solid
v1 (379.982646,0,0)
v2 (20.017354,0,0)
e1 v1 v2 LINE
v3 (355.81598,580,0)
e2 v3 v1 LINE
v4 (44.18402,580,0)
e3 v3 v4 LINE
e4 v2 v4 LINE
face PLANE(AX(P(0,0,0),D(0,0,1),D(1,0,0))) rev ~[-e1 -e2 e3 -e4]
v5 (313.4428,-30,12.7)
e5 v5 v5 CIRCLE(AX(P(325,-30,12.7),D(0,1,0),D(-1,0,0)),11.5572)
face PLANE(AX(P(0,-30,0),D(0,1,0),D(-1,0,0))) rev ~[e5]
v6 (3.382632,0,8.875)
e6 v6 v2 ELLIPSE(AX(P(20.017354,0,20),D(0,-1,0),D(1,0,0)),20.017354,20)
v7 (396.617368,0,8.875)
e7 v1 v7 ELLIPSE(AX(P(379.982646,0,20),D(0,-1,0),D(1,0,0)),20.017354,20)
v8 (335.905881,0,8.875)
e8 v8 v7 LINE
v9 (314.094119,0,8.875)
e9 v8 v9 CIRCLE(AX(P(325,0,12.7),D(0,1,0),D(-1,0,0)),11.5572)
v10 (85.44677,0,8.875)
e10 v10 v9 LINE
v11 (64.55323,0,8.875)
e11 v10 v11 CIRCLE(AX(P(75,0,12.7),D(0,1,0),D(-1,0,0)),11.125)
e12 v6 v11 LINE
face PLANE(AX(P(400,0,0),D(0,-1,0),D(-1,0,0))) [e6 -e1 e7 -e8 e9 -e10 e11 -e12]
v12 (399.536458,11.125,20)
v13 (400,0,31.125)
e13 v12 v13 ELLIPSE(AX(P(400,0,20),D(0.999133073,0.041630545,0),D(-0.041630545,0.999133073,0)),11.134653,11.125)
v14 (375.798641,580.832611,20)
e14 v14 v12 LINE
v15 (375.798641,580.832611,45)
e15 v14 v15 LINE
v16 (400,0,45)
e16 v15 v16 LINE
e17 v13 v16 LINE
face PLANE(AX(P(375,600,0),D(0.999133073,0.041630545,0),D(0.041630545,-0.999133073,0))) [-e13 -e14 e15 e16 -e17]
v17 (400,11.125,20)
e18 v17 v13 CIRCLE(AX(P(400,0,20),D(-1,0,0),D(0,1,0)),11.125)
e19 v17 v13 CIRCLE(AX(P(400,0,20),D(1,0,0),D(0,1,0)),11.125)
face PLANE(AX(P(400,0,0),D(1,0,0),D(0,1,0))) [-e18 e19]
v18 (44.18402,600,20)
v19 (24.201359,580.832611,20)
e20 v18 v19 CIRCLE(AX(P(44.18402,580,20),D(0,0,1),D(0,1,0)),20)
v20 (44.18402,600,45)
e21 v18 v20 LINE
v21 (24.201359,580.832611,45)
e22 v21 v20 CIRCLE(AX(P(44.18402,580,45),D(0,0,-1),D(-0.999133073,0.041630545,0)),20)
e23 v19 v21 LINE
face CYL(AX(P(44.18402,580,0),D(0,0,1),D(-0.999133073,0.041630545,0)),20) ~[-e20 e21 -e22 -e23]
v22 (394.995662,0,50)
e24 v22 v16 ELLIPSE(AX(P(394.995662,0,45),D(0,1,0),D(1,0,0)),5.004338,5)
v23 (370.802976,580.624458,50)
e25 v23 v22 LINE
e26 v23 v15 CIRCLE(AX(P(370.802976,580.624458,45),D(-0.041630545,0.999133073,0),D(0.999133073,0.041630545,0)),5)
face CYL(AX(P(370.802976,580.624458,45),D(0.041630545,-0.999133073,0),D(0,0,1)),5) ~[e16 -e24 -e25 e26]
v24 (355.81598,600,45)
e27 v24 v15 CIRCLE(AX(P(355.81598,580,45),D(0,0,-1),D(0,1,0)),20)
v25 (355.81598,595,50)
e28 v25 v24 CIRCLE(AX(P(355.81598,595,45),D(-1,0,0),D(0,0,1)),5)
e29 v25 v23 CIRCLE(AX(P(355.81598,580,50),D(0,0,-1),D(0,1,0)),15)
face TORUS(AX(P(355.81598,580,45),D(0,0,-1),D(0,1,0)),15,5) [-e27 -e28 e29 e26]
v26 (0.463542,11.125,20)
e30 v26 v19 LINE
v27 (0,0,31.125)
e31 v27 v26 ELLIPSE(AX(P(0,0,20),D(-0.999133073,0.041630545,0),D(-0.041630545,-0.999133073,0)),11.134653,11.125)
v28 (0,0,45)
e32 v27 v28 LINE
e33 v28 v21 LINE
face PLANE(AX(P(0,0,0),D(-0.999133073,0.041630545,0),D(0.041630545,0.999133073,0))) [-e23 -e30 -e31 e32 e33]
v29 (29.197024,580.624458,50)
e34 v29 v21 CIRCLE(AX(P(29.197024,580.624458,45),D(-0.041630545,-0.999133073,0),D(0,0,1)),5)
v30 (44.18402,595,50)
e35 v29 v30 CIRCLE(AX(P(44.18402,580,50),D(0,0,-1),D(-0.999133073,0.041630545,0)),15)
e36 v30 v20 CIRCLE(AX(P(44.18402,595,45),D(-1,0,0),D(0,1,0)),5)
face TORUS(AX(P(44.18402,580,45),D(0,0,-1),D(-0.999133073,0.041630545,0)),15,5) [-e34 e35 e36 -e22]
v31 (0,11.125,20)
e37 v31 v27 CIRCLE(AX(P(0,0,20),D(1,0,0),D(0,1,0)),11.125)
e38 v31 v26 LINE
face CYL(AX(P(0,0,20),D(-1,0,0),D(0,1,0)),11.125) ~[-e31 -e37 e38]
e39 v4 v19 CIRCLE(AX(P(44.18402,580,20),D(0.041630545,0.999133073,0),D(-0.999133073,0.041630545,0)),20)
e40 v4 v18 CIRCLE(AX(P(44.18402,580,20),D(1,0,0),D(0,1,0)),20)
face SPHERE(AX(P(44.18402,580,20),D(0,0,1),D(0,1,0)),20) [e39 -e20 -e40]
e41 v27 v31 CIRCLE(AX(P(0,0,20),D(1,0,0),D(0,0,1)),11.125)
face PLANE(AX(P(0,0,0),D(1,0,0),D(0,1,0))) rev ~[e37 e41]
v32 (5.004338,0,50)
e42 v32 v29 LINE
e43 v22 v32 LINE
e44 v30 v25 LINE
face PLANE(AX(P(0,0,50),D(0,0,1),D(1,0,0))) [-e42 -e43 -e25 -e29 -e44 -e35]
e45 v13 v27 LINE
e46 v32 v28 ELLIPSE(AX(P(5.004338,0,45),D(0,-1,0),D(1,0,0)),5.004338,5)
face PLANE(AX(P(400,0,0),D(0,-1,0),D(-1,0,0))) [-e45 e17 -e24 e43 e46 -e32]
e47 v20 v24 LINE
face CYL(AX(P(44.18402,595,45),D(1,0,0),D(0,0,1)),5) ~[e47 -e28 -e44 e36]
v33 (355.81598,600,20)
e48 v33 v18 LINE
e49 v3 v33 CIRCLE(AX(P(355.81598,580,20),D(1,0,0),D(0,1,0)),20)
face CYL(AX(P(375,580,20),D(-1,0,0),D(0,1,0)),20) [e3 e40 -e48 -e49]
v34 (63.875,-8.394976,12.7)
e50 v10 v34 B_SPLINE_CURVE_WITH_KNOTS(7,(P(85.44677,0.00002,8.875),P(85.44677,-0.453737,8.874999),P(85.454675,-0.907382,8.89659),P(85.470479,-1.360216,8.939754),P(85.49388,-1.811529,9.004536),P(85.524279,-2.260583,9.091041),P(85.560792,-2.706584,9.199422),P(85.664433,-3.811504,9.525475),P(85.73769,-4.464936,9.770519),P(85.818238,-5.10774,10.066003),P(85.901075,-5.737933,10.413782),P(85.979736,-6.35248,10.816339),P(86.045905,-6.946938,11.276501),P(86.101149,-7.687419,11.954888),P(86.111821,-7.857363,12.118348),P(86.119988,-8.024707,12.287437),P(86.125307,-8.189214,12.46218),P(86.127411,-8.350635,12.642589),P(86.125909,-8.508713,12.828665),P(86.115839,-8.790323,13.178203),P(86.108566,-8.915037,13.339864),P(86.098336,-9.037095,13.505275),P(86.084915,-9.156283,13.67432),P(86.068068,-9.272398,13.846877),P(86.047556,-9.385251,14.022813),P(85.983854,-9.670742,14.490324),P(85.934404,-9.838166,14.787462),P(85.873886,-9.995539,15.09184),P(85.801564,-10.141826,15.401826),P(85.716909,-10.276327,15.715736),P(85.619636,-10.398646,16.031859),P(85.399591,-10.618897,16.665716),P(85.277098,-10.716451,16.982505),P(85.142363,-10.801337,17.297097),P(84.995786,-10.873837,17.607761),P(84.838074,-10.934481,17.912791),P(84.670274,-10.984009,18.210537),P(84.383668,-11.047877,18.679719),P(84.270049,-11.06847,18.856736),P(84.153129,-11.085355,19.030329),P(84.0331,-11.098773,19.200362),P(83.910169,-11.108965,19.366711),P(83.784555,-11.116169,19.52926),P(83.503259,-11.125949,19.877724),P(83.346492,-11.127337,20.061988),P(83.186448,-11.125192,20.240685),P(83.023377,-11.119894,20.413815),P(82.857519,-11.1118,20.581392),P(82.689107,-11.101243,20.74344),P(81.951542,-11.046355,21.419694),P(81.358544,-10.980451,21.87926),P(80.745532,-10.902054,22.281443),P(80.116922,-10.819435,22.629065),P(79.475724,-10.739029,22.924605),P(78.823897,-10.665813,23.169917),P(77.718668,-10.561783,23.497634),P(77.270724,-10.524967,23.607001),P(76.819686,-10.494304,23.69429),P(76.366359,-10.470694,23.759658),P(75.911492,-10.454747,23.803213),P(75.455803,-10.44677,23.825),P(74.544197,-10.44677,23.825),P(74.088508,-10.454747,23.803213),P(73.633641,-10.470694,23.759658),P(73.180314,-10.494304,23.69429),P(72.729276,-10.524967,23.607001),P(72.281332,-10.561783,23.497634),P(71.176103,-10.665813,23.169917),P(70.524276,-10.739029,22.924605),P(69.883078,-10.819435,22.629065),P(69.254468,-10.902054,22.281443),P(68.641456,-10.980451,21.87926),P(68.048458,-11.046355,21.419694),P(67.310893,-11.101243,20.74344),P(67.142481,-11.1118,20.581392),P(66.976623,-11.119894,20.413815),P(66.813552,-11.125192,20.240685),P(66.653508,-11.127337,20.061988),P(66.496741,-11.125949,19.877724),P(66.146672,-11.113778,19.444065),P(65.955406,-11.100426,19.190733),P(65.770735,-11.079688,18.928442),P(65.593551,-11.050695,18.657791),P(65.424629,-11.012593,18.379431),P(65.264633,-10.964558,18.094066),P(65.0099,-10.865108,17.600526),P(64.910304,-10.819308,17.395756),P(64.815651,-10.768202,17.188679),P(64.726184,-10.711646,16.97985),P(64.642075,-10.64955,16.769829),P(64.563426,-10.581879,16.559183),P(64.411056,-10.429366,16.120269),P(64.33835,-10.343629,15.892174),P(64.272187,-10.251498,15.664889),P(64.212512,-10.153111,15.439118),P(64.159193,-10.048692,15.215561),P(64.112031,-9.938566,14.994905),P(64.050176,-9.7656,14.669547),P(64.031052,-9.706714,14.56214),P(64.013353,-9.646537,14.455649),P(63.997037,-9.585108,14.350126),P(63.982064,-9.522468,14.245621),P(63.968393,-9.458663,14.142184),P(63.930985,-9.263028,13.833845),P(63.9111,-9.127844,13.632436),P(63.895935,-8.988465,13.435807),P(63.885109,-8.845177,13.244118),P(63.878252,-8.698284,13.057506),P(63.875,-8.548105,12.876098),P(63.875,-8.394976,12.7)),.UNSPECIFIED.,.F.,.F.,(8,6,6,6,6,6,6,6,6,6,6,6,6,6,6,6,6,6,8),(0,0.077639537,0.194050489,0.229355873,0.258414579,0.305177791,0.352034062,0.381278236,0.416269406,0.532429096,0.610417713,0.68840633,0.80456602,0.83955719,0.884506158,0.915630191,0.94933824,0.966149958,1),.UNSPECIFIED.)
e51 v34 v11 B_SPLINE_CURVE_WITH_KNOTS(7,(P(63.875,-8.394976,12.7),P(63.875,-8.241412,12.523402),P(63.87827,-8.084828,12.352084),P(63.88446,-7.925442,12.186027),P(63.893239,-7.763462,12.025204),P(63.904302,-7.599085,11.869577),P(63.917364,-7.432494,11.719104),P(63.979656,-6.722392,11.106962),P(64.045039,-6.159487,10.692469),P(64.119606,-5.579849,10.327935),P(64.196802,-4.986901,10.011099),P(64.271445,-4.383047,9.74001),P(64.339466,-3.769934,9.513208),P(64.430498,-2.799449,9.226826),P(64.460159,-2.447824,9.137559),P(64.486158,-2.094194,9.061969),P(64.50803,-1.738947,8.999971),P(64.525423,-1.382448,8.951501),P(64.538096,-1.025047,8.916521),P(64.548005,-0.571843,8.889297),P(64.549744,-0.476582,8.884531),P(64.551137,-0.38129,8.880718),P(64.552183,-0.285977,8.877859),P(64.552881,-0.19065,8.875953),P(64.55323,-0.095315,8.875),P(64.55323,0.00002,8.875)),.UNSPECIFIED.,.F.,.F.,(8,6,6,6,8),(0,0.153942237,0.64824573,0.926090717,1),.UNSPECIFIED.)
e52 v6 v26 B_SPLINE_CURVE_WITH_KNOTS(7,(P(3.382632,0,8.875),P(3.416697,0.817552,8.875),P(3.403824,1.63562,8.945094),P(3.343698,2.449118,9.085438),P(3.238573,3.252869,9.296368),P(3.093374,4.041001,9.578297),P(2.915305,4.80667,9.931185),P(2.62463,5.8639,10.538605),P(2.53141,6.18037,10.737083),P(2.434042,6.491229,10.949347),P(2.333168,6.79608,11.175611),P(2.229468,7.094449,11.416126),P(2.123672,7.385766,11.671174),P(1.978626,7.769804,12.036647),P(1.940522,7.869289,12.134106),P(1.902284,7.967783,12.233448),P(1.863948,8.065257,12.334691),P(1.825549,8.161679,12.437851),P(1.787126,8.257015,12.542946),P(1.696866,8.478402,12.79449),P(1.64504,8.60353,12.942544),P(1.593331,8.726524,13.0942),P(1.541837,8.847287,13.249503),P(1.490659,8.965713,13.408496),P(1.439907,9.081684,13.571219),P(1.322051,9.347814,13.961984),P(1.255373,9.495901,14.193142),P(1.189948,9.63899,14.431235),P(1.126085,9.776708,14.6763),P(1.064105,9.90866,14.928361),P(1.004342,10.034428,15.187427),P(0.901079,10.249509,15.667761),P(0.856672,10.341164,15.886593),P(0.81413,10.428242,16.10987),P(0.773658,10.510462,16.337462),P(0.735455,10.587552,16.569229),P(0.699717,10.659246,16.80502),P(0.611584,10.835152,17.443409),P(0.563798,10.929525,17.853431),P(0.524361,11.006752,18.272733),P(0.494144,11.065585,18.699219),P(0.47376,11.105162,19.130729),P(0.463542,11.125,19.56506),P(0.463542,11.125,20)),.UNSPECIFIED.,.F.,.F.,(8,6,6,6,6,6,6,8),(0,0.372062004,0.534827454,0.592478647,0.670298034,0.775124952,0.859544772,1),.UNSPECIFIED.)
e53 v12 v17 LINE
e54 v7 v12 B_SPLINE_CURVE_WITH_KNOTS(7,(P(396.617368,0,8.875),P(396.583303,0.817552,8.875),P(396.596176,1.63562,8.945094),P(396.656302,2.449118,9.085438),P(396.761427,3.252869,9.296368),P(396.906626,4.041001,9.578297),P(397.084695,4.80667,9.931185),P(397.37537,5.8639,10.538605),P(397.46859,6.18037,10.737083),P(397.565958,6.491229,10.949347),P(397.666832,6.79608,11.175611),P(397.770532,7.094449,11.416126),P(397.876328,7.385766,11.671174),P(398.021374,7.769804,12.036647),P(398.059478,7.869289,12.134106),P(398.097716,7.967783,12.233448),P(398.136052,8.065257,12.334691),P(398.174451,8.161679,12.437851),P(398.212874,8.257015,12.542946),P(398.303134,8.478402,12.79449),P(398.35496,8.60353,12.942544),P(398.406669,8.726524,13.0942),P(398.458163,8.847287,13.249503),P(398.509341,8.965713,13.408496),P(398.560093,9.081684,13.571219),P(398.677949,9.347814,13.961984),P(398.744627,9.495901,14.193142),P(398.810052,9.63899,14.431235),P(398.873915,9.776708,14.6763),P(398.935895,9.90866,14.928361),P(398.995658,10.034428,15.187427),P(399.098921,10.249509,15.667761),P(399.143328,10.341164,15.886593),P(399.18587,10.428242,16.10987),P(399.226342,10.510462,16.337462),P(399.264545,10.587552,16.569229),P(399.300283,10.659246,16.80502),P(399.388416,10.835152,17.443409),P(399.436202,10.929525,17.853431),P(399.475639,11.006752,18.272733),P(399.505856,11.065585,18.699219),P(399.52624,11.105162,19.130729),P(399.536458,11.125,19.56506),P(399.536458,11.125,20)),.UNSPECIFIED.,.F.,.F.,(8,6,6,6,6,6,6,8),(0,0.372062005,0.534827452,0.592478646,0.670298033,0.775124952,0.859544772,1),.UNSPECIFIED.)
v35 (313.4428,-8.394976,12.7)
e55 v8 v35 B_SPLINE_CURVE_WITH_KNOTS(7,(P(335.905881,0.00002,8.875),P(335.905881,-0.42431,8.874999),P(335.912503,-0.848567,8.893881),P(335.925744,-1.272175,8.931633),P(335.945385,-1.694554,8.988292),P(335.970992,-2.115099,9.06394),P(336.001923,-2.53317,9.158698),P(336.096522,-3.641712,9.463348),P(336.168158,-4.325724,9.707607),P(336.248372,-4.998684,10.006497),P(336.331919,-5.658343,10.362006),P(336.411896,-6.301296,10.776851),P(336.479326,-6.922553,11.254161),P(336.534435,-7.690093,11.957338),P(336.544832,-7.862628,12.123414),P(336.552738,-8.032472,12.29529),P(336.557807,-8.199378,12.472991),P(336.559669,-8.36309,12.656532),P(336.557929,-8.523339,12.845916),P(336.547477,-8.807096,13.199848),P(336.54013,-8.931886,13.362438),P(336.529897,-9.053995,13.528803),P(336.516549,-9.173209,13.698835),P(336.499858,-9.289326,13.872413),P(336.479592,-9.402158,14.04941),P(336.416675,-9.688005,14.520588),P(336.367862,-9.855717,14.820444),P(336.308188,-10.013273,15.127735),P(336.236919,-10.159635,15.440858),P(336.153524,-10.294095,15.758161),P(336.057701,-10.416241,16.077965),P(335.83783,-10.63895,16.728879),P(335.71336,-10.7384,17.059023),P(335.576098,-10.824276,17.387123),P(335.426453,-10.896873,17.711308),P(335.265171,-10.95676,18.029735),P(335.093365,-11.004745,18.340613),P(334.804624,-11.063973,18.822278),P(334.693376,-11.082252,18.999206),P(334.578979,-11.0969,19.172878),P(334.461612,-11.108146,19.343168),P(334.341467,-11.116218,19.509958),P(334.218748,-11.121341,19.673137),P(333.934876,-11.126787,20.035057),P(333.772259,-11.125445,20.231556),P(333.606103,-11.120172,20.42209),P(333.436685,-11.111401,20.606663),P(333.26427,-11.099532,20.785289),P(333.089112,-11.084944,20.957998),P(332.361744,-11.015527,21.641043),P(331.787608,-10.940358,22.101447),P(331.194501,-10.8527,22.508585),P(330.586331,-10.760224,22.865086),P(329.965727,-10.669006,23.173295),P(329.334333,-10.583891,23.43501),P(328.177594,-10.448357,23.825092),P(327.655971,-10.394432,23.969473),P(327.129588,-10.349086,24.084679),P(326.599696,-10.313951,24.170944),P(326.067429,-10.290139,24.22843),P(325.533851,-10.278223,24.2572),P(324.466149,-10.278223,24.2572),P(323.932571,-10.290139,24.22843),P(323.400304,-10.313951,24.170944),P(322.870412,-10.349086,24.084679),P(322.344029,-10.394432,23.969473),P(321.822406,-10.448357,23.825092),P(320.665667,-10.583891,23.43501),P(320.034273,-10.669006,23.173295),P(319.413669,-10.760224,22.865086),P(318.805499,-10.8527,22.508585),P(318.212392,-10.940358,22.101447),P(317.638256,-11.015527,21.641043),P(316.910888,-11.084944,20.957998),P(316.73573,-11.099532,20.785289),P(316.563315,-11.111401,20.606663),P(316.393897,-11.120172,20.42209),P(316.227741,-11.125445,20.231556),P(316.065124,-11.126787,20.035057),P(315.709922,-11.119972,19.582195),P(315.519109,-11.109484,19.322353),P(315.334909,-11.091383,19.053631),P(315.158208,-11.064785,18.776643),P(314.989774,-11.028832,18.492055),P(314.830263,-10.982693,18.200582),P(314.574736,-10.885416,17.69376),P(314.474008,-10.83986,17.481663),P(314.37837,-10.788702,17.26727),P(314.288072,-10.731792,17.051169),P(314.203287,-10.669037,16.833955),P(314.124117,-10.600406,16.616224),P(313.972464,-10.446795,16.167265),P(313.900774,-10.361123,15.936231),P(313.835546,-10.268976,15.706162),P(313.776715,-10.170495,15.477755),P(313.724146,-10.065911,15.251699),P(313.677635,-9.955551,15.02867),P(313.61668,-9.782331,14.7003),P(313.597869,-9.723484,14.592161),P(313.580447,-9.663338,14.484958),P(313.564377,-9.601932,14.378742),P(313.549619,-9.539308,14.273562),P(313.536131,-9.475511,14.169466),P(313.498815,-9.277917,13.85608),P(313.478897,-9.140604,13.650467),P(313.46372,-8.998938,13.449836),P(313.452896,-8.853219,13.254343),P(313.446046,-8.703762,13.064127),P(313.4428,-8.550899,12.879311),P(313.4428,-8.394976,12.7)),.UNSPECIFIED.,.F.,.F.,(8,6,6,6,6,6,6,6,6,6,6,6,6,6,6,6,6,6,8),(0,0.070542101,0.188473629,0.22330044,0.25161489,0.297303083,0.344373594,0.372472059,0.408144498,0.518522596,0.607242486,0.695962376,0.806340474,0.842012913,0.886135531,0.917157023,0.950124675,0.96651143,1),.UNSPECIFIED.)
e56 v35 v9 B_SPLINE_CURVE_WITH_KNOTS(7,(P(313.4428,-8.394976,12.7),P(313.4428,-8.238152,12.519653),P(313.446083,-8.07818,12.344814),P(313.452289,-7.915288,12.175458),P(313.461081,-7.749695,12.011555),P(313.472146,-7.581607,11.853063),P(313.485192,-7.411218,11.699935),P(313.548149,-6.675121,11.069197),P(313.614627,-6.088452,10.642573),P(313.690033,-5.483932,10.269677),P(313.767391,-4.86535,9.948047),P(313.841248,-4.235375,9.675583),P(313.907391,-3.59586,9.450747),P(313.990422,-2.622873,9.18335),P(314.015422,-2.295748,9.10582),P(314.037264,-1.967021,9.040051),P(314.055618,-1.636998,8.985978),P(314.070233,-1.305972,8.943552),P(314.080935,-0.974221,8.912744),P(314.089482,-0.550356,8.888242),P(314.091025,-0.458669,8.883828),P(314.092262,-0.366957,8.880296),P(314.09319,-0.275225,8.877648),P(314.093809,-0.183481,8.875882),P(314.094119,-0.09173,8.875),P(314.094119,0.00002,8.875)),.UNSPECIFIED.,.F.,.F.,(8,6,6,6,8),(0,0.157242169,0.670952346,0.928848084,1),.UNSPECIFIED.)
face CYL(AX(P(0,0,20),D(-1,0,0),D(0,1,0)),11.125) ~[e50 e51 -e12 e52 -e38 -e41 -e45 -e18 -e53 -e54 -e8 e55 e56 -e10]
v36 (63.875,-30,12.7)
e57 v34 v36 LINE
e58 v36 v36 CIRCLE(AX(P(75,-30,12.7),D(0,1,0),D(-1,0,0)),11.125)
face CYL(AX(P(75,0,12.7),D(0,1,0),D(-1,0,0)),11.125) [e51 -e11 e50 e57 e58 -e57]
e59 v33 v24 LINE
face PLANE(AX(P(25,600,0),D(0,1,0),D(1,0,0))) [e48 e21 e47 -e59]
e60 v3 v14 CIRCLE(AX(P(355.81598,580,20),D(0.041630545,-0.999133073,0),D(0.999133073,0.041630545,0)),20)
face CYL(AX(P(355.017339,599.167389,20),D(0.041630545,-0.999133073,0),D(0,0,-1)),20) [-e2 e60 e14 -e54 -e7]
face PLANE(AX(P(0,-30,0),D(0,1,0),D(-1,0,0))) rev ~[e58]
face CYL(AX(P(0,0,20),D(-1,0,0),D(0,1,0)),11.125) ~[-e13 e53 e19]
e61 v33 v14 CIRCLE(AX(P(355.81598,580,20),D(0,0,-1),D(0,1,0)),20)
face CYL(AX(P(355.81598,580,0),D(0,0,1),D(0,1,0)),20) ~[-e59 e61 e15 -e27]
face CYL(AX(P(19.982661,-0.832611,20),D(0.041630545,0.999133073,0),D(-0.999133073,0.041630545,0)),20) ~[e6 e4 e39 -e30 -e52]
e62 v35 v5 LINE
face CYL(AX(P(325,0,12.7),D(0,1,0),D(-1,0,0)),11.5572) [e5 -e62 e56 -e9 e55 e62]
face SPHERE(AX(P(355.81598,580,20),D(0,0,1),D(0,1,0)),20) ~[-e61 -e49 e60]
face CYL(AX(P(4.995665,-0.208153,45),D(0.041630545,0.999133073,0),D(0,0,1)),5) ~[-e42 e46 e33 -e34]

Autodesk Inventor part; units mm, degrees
ref_plane "YZ Plane" through (0, 0, 0) normal (1, 0, 0) x (0, 1, 0)
ref_plane "XZ Plane" through (0, 0, 0) normal (0, 1, 0) x (-1, 0, 0)
ref_plane "XY Plane" through (0, 0, 0) normal (0, 0, 1) x (1, 0, 0)
sketch "Sketch1" plane through (0, 0, 0) normal (0, 0, 1) x (1, 0, 0)
  line L0 (0, 0) -> (25, 600)
  line L1 (25, 600) -> (375, 600)
  line L2 (375, 600) -> (400, 0)
  line L3 (400, 0) -> (0, 0)
  arc A0 (120.3096, 600) -> (279.6904, 600) centre (200, 673.1568) ccw
  line L4 (120.3096, 600) -> (25, 600)
  line L5 (25, 600) -> (0, 0)
  dimension "d0" = 600
  dimension "d1" = 25
  dimension "d2" = 350
  dimension "d3" = 400
  dimension "d4" = 175
extrude "Extrusion1" add sketch "Sketch1" along normal blind 50
fillet "Fillet1" radius 20 5 edges at (200, 600, 0) (387.5, 300, 0) (12.5, 300, 0) (25, 600, 25) (375, 600, 25)
fillet "Fillet2" radius 5 5 edges at (200, 600, 50) (30.3394, 594.4335, 50) (369.6606, 594.4335, 50) (387.8993, 290.4163, 50) (12.1007, 290.4163, 50)
sketch "Sketch2" plane through (0, 0, 0) normal (0, 0, 1) x (1, 0, 0)
  point P0 (0, 0)
sketch "Sketch3" plane through (0, 0, 0) normal (1, 0, 0) x (0, 1, 0)
  line L0 (0, 0) -> (0, 20) projected
  circle A0 centre (0, 20) radius 11.125
  dimension "d9" = 22.25
extrude "Extrusion2" add sketch "Sketch3" along normal blind 400
sketch "Sketch4" plane through (0, 0, 0) normal (0, 1, 0) x (-1, 0, 0)
  circle A0 centre (-325, 12.7) radius 11.5572
  circle A1 centre (-75, 12.7) radius 11.125
  line L0 (0, 31.125) -> (-400, 31.125) projected
  line L1 (-200, 31.125) -> (-350.8375, 31.125)
  point P0 (0, 0)
  dimension "d12" = 22.25
  dimension "d13" = 250
  dimension "d16" = 125
extrude "Extrusion3" add sketch "Sketch4" against normal blind 30
properties part number "backrest wheelchair EG26"
